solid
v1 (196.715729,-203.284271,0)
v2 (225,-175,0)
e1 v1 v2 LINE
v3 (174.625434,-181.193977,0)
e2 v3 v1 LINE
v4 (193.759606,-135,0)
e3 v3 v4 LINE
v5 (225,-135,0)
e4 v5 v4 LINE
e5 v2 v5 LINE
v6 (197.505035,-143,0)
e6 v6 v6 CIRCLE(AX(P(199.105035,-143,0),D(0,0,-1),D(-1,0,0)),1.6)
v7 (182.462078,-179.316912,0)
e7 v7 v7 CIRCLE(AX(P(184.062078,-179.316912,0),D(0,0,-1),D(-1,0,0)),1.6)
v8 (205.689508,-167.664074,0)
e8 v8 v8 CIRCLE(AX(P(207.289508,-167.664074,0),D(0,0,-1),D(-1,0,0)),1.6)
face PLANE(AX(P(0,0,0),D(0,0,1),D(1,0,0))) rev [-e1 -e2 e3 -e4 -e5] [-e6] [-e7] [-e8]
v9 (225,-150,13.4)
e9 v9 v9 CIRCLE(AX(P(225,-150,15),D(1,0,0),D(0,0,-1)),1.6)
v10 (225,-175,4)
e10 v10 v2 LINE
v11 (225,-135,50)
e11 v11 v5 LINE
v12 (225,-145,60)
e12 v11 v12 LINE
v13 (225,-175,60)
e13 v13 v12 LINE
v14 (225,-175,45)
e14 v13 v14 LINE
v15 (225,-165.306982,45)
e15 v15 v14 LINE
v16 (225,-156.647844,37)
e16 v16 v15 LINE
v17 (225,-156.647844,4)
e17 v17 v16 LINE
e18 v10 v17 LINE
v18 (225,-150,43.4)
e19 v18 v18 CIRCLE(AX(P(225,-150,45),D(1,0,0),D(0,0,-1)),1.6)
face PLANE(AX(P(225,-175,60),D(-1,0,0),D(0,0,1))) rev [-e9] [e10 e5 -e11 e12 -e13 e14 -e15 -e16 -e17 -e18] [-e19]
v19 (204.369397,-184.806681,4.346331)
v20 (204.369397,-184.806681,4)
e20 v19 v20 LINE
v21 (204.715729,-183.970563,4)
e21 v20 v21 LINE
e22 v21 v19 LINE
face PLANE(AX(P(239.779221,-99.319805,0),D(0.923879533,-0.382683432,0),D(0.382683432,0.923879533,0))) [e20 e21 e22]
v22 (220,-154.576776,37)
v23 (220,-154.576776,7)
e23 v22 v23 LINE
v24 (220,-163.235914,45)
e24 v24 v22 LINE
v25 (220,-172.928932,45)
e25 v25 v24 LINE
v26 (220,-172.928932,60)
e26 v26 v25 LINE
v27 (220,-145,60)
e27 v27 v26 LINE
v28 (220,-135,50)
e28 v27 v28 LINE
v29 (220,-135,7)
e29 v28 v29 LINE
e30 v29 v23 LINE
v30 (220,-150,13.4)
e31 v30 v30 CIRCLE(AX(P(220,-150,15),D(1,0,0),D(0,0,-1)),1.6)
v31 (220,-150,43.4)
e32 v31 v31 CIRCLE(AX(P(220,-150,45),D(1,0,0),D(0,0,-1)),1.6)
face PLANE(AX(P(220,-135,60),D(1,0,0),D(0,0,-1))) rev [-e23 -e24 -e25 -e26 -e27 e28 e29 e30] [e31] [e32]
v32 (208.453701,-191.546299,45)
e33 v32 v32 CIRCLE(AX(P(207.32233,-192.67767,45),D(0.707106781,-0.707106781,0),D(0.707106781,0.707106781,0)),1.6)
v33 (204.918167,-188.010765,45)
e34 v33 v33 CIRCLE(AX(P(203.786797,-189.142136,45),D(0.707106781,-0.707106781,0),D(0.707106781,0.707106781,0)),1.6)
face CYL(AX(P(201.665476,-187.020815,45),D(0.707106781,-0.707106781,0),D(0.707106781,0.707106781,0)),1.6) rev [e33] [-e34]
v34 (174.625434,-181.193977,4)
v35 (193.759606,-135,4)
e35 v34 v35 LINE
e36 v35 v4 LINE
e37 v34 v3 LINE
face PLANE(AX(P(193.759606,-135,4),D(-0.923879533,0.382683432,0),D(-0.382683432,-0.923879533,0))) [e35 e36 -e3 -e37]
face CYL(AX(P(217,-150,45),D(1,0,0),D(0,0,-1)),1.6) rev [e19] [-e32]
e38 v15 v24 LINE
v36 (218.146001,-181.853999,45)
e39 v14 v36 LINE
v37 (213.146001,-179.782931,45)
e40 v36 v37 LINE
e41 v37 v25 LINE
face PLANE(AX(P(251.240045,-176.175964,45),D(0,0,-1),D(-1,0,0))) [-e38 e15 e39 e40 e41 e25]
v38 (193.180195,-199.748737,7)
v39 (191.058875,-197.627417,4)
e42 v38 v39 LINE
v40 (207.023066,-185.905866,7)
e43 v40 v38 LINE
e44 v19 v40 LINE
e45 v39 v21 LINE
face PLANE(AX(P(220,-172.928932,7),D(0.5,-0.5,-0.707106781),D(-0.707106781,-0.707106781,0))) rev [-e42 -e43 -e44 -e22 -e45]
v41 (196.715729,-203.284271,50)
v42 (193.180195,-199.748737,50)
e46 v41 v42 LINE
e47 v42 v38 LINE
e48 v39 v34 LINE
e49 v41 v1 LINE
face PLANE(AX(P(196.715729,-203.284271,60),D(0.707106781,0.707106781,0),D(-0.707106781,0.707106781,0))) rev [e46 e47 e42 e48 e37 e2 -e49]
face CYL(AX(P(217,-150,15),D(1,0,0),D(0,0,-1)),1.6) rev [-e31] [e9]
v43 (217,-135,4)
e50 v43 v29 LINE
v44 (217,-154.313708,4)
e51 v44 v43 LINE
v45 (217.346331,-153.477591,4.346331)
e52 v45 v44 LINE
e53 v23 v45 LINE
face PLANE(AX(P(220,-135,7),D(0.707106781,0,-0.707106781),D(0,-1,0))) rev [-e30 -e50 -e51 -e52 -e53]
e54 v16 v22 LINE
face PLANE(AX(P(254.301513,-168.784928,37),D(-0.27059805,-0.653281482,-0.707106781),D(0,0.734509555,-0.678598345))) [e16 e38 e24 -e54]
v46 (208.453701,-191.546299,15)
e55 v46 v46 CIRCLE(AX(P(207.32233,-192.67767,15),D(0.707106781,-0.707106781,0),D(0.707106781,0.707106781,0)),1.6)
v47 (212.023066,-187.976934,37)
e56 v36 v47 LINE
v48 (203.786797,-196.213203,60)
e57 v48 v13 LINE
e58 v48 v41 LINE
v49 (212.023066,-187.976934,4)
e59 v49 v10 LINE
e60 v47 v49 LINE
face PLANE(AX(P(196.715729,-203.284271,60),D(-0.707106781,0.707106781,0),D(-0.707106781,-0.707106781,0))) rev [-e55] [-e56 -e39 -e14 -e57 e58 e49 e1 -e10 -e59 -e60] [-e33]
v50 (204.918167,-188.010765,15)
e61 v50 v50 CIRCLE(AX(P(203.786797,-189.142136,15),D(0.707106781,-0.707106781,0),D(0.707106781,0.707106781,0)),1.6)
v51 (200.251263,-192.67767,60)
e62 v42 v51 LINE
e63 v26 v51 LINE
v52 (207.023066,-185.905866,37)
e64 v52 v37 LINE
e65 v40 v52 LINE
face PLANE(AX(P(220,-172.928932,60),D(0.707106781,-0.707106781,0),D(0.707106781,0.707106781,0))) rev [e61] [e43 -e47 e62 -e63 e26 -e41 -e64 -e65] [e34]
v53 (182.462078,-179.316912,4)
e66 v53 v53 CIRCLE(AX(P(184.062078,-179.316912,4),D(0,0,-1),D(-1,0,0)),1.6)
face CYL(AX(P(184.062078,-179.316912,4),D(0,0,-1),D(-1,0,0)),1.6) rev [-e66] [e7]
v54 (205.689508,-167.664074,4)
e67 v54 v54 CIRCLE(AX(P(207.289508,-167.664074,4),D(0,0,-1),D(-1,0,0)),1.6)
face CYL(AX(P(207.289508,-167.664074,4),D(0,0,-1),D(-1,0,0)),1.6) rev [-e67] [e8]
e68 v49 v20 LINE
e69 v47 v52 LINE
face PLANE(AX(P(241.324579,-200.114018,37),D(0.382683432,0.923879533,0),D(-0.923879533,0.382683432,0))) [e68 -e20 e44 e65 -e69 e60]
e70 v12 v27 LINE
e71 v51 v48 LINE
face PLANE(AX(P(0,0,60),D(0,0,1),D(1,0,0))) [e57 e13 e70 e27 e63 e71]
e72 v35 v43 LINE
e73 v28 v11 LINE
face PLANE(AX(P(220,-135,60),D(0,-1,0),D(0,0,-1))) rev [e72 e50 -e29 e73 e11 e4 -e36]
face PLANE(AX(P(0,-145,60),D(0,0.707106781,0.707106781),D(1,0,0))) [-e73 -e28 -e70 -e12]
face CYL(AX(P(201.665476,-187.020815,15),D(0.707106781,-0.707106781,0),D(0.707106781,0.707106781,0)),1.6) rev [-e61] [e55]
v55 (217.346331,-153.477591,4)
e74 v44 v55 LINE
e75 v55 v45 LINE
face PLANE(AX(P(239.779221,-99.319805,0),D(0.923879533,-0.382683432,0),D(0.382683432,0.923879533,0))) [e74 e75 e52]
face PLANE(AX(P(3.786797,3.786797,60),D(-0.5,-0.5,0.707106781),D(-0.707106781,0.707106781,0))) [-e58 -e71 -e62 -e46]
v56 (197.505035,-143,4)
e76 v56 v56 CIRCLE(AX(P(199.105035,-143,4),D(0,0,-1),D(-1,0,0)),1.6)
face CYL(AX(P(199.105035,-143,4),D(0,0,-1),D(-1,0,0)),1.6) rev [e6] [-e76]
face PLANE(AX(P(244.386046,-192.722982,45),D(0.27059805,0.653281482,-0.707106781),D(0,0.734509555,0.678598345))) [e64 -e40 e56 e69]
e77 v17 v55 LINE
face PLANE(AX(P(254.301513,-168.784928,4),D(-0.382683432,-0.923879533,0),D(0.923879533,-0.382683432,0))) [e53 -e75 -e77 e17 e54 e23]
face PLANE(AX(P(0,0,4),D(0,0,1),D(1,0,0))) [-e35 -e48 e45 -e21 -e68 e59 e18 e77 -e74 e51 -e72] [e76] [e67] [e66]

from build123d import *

# Parameters (mm, degrees)
BOSS_EXTRUDE1_DEPTH = 60
SKETCH2_R           = 1.6
BOSS_EXTRUDE2_DEPTH = 4
CHAMFER1_SIZE       = 3
SKETCH3_R           = 1.6
CUT_EXTRUDE1_DEPTH  = 8
SKETCH4_R           = 1.6
CUT_EXTRUDE2_DEPTH  = 8
CHAMFER2_SIZE       = 10
CUT_EXTRUDE3_DEPTH  = 40


with BuildPart() as part:
    # Sketch1 → Boss-Extrude1 (new body)
    with BuildSketch(Plane.XY):
        Polygon((225, -175), (225, -135), (220, -135), (220, -172.928932188), (193.180194847, -199.748737342), (196.715728753, -203.284271247), align=None)
    extrude(amount=BOSS_EXTRUDE1_DEPTH)

    # Sketch2 → Boss-Extrude2 (add)
    with BuildSketch(Plane(origin=(0, 0, 0), x_dir=(-1, 0, 0), z_dir=(0, 0, -1))):
        Polygon((-225, -135), (-193.759605749, -135), (-174.625434131, -181.193976626), (-196.715728753, -203.284271247), (-225, -175), align=None)
        with Locations((-207.289508253, -167.664074122)):
            Circle(SKETCH2_R, mode=Mode.SUBTRACT)
        with Locations((-184.062077547, -179.316911543)):
            Circle(SKETCH2_R, mode=Mode.SUBTRACT)
        with Locations((-199.105034852, -143)):
            Circle(SKETCH2_R, mode=Mode.SUBTRACT)
    extrude(amount=-BOSS_EXTRUDE2_DEPTH)

    # Chamfer1
    chamfer1_edges = [part.edges().sort_by_distance(p)[0] for p in [
        (220, -153.964466094, 4),
        (206.590097423, -186.338834765, 4),
    ]]
    chamfer(chamfer1_edges, length=CHAMFER1_SIZE)

    # Sketch3 → Cut-Extrude1 (cut)
    with BuildSketch(Plane(origin=(225, 0, 0), x_dir=(0, 0, -1), z_dir=(1, 0, 0))):
        with Locations((-45, -150)):
            Circle(SKETCH3_R)
        with Locations((-15, -150)):
            Circle(SKETCH3_R)
    extrude(amount=-CUT_EXTRUDE1_DEPTH, mode=Mode.SUBTRACT)

    # Sketch4 → Cut-Extrude2 (cut)
    with BuildSketch(Plane(origin=(200, -200, 0), x_dir=(0, 0, -1), z_dir=(0.707106781, -0.707106781, 0))):
        with Locations((-45, 10.355339059)):
            Circle(SKETCH4_R)
        with Locations((-15, 10.355339059)):
            Circle(SKETCH4_R)
    extrude(amount=-CUT_EXTRUDE2_DEPTH, mode=Mode.SUBTRACT)

    # Chamfer2
    chamfer2_edges = [part.edges().sort_by_distance(p)[0] for p in [
        (222.5, -135, 60),
        (194.9479618, -201.516504294, 60),
    ]]
    chamfer(chamfer2_edges, length=CHAMFER2_SIZE)

    # Sketch5 → Cut-Extrude3 (cut)
    with BuildSketch(Plane(origin=(239.779220614, -99.319805153, 0), x_dir=(0, 0, -1), z_dir=(0.923879533, -0.382683432, 0))):
        Polygon((-37, -58.619964607), (-45, -66.619964607), (-45, -84.530327208), (-37, -92.530327208), (-4, -92.530327208), (-4, -58.619964607), align=None)
    extrude(amount=CUT_EXTRUDE3_DEPTH, mode=Mode.SUBTRACT)


solid = part.part
